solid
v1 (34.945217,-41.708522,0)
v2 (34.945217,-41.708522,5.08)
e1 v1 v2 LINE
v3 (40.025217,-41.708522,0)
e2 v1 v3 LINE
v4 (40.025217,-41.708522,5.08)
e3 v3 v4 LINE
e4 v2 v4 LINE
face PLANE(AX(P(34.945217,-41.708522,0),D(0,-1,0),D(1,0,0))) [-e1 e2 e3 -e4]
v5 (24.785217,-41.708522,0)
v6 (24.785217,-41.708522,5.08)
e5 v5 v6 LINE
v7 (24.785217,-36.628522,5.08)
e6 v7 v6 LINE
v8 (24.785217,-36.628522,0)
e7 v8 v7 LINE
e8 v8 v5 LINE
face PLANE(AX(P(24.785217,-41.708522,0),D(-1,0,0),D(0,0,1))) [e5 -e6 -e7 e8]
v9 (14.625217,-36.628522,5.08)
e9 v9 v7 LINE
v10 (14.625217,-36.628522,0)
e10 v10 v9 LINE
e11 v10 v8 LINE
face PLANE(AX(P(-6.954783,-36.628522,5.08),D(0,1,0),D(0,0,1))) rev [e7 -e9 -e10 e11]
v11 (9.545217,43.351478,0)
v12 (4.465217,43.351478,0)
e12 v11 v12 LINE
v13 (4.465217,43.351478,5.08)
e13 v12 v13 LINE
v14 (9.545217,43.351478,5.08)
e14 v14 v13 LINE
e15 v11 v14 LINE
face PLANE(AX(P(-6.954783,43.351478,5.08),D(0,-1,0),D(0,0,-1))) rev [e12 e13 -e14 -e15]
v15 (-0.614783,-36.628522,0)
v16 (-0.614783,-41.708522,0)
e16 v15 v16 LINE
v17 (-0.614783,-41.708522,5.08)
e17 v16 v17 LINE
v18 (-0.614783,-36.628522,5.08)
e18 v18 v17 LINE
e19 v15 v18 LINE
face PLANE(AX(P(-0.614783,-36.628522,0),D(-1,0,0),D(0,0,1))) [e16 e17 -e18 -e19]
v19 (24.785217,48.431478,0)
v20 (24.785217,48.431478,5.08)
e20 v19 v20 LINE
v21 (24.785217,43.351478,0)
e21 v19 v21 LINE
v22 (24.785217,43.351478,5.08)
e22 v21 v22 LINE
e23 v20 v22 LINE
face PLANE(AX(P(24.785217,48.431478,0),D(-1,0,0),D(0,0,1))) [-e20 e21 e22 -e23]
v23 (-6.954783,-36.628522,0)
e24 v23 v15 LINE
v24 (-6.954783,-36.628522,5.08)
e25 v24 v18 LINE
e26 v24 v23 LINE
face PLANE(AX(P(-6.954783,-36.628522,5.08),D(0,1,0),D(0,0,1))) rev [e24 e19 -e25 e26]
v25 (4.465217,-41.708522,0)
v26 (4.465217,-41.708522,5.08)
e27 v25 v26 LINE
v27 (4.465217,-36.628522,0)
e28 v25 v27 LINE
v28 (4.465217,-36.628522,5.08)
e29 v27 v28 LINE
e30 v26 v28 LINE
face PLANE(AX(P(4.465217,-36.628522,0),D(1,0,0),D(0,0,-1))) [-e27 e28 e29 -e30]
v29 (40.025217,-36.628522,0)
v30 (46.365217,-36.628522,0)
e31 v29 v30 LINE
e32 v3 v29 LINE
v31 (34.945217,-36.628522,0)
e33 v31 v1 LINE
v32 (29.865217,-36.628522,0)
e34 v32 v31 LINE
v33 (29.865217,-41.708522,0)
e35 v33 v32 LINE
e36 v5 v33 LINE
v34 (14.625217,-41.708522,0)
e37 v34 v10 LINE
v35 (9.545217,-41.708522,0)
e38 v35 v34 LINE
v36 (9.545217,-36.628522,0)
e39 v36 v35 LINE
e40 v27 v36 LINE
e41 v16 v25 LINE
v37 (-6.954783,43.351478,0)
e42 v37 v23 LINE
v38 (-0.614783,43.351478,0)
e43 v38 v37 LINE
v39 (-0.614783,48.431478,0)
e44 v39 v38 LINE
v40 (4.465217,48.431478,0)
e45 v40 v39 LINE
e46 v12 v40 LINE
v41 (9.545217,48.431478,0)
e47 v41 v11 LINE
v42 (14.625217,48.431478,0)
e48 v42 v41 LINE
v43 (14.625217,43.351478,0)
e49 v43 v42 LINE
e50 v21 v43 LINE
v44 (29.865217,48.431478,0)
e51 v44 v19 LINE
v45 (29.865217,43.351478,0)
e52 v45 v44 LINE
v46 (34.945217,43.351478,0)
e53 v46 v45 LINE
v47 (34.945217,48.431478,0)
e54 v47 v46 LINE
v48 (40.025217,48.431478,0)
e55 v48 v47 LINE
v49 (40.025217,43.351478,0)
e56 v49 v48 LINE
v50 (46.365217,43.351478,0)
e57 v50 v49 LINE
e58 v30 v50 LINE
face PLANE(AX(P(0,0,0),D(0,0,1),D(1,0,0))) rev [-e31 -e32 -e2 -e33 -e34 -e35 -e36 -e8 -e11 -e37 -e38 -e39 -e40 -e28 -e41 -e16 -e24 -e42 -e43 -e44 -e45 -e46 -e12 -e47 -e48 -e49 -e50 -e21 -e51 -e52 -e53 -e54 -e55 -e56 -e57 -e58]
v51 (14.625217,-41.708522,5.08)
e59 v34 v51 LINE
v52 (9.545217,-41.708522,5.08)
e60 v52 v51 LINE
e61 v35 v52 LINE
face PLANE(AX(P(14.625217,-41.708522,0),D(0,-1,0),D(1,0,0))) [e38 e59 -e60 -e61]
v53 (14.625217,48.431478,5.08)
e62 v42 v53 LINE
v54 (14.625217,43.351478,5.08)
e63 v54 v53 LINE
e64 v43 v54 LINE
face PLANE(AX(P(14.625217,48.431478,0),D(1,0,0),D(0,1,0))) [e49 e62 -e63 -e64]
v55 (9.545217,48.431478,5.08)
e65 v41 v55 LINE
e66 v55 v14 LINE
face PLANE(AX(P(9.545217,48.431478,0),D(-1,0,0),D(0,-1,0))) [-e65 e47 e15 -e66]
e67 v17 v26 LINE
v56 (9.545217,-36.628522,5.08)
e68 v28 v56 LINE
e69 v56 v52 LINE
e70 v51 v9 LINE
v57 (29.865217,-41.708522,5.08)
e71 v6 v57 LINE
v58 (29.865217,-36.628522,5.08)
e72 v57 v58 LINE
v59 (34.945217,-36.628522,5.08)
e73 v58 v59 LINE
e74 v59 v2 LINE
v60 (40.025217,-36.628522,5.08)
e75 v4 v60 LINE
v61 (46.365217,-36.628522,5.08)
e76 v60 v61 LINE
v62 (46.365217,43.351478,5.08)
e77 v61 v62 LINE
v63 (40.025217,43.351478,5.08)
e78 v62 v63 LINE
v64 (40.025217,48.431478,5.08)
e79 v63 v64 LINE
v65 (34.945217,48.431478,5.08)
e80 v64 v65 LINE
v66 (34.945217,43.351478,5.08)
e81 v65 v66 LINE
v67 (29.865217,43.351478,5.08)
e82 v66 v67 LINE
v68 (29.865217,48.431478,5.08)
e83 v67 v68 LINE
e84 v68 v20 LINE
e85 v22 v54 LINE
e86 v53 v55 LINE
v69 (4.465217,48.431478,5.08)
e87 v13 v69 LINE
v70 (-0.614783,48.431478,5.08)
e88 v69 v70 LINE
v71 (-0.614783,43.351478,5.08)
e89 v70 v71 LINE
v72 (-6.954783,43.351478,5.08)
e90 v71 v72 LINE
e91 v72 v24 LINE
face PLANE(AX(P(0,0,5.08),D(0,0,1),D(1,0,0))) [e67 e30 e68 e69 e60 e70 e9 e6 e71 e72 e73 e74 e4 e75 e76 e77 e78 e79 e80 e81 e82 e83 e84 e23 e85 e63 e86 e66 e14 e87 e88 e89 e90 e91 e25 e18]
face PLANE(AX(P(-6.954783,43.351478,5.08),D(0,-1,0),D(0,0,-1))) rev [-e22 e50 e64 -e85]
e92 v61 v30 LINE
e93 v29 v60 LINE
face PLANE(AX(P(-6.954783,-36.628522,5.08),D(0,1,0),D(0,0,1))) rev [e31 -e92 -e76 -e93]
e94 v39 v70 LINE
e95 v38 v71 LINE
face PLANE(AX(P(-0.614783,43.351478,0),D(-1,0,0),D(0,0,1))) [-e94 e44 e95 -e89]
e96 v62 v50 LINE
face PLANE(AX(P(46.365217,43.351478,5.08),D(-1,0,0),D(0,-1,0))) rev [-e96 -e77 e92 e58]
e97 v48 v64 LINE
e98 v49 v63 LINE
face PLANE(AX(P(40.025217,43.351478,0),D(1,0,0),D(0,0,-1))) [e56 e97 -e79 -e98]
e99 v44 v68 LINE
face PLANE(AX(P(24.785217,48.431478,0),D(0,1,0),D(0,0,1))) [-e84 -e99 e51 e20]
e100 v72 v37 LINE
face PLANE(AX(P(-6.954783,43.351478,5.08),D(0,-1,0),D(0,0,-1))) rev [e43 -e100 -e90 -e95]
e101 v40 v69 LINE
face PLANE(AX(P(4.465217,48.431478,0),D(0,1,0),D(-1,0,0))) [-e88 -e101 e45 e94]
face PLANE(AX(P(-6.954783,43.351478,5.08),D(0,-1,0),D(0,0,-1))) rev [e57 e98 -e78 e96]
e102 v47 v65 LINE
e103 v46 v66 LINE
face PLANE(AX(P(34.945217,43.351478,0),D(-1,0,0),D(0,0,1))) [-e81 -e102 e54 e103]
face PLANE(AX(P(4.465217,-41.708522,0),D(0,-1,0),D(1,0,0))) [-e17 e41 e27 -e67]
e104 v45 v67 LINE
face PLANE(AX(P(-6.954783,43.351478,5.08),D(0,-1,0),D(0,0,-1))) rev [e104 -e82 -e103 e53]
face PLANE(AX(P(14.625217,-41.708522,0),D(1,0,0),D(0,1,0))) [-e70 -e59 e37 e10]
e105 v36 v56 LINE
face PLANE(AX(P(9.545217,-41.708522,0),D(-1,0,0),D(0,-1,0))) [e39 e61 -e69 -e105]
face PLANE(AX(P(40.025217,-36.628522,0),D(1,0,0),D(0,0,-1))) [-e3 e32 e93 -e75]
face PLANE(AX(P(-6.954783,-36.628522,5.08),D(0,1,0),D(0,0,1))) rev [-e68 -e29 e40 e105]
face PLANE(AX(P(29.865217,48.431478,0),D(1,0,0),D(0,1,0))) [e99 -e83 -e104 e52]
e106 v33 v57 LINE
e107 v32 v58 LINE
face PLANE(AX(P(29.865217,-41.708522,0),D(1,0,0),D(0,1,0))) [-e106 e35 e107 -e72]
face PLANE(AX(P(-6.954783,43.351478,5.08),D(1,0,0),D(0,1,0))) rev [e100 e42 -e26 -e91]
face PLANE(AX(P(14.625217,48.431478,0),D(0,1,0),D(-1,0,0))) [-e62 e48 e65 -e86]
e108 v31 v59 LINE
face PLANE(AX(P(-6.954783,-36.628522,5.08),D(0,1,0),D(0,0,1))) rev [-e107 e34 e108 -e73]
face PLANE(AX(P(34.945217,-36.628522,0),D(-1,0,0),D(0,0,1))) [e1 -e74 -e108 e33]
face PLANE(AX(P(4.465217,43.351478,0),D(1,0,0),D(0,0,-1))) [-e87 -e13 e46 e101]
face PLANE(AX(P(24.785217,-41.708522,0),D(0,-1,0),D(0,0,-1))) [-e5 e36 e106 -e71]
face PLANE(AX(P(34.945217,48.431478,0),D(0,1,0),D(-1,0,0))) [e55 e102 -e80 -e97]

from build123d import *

# Parameters (mm, degrees)
SKETCH1_W           = 53.32
SKETCH1_H           = 79.98
BOSS_EXTRUDE1_DEPTH = 5.08
SKETCH2_W           = 5.08
SKETCH2_H           = 5.08
BOSS_EXTRUDE2_DEPTH = 5.08


with BuildPart() as part:
    # Sketch1 → Boss-Extrude1 (new body)
    with BuildSketch(Plane.XY):
        with Locations((19.705217391, 3.361478261)):
            Rectangle(SKETCH1_W, SKETCH1_H)
    extrude(amount=BOSS_EXTRUDE1_DEPTH)

    # Sketch2 → Boss-Extrude2 (add)
    with BuildSketch(Plane.XY.offset(5.08)):
        with Locations((1.925217391, 45.891478261)):
            Rectangle(SKETCH2_W, SKETCH2_H)
        with Locations((27.325217391, 45.891478261)):
            Rectangle(SKETCH2_W, SKETCH2_H)
        with Locations((37.485217391, 45.891478261)):
            Rectangle(SKETCH2_W, SKETCH2_H)
        with Locations((12.085217391, 45.891478261)):
            Rectangle(SKETCH2_W, SKETCH2_H)
        with Locations((12.085217391, -39.168521739)):
            Rectangle(SKETCH2_W, SKETCH2_H)
        with Locations((1.925217391, -39.168521739)):
            Rectangle(SKETCH2_W, SKETCH2_H)
        with Locations((37.485217391, -39.168521739)):
            Rectangle(SKETCH2_W, SKETCH2_H)
        with Locations((27.325217391, -39.168521739)):
            Rectangle(SKETCH2_W, SKETCH2_H)
    extrude(amount=-BOSS_EXTRUDE2_DEPTH)


solid = part.part
